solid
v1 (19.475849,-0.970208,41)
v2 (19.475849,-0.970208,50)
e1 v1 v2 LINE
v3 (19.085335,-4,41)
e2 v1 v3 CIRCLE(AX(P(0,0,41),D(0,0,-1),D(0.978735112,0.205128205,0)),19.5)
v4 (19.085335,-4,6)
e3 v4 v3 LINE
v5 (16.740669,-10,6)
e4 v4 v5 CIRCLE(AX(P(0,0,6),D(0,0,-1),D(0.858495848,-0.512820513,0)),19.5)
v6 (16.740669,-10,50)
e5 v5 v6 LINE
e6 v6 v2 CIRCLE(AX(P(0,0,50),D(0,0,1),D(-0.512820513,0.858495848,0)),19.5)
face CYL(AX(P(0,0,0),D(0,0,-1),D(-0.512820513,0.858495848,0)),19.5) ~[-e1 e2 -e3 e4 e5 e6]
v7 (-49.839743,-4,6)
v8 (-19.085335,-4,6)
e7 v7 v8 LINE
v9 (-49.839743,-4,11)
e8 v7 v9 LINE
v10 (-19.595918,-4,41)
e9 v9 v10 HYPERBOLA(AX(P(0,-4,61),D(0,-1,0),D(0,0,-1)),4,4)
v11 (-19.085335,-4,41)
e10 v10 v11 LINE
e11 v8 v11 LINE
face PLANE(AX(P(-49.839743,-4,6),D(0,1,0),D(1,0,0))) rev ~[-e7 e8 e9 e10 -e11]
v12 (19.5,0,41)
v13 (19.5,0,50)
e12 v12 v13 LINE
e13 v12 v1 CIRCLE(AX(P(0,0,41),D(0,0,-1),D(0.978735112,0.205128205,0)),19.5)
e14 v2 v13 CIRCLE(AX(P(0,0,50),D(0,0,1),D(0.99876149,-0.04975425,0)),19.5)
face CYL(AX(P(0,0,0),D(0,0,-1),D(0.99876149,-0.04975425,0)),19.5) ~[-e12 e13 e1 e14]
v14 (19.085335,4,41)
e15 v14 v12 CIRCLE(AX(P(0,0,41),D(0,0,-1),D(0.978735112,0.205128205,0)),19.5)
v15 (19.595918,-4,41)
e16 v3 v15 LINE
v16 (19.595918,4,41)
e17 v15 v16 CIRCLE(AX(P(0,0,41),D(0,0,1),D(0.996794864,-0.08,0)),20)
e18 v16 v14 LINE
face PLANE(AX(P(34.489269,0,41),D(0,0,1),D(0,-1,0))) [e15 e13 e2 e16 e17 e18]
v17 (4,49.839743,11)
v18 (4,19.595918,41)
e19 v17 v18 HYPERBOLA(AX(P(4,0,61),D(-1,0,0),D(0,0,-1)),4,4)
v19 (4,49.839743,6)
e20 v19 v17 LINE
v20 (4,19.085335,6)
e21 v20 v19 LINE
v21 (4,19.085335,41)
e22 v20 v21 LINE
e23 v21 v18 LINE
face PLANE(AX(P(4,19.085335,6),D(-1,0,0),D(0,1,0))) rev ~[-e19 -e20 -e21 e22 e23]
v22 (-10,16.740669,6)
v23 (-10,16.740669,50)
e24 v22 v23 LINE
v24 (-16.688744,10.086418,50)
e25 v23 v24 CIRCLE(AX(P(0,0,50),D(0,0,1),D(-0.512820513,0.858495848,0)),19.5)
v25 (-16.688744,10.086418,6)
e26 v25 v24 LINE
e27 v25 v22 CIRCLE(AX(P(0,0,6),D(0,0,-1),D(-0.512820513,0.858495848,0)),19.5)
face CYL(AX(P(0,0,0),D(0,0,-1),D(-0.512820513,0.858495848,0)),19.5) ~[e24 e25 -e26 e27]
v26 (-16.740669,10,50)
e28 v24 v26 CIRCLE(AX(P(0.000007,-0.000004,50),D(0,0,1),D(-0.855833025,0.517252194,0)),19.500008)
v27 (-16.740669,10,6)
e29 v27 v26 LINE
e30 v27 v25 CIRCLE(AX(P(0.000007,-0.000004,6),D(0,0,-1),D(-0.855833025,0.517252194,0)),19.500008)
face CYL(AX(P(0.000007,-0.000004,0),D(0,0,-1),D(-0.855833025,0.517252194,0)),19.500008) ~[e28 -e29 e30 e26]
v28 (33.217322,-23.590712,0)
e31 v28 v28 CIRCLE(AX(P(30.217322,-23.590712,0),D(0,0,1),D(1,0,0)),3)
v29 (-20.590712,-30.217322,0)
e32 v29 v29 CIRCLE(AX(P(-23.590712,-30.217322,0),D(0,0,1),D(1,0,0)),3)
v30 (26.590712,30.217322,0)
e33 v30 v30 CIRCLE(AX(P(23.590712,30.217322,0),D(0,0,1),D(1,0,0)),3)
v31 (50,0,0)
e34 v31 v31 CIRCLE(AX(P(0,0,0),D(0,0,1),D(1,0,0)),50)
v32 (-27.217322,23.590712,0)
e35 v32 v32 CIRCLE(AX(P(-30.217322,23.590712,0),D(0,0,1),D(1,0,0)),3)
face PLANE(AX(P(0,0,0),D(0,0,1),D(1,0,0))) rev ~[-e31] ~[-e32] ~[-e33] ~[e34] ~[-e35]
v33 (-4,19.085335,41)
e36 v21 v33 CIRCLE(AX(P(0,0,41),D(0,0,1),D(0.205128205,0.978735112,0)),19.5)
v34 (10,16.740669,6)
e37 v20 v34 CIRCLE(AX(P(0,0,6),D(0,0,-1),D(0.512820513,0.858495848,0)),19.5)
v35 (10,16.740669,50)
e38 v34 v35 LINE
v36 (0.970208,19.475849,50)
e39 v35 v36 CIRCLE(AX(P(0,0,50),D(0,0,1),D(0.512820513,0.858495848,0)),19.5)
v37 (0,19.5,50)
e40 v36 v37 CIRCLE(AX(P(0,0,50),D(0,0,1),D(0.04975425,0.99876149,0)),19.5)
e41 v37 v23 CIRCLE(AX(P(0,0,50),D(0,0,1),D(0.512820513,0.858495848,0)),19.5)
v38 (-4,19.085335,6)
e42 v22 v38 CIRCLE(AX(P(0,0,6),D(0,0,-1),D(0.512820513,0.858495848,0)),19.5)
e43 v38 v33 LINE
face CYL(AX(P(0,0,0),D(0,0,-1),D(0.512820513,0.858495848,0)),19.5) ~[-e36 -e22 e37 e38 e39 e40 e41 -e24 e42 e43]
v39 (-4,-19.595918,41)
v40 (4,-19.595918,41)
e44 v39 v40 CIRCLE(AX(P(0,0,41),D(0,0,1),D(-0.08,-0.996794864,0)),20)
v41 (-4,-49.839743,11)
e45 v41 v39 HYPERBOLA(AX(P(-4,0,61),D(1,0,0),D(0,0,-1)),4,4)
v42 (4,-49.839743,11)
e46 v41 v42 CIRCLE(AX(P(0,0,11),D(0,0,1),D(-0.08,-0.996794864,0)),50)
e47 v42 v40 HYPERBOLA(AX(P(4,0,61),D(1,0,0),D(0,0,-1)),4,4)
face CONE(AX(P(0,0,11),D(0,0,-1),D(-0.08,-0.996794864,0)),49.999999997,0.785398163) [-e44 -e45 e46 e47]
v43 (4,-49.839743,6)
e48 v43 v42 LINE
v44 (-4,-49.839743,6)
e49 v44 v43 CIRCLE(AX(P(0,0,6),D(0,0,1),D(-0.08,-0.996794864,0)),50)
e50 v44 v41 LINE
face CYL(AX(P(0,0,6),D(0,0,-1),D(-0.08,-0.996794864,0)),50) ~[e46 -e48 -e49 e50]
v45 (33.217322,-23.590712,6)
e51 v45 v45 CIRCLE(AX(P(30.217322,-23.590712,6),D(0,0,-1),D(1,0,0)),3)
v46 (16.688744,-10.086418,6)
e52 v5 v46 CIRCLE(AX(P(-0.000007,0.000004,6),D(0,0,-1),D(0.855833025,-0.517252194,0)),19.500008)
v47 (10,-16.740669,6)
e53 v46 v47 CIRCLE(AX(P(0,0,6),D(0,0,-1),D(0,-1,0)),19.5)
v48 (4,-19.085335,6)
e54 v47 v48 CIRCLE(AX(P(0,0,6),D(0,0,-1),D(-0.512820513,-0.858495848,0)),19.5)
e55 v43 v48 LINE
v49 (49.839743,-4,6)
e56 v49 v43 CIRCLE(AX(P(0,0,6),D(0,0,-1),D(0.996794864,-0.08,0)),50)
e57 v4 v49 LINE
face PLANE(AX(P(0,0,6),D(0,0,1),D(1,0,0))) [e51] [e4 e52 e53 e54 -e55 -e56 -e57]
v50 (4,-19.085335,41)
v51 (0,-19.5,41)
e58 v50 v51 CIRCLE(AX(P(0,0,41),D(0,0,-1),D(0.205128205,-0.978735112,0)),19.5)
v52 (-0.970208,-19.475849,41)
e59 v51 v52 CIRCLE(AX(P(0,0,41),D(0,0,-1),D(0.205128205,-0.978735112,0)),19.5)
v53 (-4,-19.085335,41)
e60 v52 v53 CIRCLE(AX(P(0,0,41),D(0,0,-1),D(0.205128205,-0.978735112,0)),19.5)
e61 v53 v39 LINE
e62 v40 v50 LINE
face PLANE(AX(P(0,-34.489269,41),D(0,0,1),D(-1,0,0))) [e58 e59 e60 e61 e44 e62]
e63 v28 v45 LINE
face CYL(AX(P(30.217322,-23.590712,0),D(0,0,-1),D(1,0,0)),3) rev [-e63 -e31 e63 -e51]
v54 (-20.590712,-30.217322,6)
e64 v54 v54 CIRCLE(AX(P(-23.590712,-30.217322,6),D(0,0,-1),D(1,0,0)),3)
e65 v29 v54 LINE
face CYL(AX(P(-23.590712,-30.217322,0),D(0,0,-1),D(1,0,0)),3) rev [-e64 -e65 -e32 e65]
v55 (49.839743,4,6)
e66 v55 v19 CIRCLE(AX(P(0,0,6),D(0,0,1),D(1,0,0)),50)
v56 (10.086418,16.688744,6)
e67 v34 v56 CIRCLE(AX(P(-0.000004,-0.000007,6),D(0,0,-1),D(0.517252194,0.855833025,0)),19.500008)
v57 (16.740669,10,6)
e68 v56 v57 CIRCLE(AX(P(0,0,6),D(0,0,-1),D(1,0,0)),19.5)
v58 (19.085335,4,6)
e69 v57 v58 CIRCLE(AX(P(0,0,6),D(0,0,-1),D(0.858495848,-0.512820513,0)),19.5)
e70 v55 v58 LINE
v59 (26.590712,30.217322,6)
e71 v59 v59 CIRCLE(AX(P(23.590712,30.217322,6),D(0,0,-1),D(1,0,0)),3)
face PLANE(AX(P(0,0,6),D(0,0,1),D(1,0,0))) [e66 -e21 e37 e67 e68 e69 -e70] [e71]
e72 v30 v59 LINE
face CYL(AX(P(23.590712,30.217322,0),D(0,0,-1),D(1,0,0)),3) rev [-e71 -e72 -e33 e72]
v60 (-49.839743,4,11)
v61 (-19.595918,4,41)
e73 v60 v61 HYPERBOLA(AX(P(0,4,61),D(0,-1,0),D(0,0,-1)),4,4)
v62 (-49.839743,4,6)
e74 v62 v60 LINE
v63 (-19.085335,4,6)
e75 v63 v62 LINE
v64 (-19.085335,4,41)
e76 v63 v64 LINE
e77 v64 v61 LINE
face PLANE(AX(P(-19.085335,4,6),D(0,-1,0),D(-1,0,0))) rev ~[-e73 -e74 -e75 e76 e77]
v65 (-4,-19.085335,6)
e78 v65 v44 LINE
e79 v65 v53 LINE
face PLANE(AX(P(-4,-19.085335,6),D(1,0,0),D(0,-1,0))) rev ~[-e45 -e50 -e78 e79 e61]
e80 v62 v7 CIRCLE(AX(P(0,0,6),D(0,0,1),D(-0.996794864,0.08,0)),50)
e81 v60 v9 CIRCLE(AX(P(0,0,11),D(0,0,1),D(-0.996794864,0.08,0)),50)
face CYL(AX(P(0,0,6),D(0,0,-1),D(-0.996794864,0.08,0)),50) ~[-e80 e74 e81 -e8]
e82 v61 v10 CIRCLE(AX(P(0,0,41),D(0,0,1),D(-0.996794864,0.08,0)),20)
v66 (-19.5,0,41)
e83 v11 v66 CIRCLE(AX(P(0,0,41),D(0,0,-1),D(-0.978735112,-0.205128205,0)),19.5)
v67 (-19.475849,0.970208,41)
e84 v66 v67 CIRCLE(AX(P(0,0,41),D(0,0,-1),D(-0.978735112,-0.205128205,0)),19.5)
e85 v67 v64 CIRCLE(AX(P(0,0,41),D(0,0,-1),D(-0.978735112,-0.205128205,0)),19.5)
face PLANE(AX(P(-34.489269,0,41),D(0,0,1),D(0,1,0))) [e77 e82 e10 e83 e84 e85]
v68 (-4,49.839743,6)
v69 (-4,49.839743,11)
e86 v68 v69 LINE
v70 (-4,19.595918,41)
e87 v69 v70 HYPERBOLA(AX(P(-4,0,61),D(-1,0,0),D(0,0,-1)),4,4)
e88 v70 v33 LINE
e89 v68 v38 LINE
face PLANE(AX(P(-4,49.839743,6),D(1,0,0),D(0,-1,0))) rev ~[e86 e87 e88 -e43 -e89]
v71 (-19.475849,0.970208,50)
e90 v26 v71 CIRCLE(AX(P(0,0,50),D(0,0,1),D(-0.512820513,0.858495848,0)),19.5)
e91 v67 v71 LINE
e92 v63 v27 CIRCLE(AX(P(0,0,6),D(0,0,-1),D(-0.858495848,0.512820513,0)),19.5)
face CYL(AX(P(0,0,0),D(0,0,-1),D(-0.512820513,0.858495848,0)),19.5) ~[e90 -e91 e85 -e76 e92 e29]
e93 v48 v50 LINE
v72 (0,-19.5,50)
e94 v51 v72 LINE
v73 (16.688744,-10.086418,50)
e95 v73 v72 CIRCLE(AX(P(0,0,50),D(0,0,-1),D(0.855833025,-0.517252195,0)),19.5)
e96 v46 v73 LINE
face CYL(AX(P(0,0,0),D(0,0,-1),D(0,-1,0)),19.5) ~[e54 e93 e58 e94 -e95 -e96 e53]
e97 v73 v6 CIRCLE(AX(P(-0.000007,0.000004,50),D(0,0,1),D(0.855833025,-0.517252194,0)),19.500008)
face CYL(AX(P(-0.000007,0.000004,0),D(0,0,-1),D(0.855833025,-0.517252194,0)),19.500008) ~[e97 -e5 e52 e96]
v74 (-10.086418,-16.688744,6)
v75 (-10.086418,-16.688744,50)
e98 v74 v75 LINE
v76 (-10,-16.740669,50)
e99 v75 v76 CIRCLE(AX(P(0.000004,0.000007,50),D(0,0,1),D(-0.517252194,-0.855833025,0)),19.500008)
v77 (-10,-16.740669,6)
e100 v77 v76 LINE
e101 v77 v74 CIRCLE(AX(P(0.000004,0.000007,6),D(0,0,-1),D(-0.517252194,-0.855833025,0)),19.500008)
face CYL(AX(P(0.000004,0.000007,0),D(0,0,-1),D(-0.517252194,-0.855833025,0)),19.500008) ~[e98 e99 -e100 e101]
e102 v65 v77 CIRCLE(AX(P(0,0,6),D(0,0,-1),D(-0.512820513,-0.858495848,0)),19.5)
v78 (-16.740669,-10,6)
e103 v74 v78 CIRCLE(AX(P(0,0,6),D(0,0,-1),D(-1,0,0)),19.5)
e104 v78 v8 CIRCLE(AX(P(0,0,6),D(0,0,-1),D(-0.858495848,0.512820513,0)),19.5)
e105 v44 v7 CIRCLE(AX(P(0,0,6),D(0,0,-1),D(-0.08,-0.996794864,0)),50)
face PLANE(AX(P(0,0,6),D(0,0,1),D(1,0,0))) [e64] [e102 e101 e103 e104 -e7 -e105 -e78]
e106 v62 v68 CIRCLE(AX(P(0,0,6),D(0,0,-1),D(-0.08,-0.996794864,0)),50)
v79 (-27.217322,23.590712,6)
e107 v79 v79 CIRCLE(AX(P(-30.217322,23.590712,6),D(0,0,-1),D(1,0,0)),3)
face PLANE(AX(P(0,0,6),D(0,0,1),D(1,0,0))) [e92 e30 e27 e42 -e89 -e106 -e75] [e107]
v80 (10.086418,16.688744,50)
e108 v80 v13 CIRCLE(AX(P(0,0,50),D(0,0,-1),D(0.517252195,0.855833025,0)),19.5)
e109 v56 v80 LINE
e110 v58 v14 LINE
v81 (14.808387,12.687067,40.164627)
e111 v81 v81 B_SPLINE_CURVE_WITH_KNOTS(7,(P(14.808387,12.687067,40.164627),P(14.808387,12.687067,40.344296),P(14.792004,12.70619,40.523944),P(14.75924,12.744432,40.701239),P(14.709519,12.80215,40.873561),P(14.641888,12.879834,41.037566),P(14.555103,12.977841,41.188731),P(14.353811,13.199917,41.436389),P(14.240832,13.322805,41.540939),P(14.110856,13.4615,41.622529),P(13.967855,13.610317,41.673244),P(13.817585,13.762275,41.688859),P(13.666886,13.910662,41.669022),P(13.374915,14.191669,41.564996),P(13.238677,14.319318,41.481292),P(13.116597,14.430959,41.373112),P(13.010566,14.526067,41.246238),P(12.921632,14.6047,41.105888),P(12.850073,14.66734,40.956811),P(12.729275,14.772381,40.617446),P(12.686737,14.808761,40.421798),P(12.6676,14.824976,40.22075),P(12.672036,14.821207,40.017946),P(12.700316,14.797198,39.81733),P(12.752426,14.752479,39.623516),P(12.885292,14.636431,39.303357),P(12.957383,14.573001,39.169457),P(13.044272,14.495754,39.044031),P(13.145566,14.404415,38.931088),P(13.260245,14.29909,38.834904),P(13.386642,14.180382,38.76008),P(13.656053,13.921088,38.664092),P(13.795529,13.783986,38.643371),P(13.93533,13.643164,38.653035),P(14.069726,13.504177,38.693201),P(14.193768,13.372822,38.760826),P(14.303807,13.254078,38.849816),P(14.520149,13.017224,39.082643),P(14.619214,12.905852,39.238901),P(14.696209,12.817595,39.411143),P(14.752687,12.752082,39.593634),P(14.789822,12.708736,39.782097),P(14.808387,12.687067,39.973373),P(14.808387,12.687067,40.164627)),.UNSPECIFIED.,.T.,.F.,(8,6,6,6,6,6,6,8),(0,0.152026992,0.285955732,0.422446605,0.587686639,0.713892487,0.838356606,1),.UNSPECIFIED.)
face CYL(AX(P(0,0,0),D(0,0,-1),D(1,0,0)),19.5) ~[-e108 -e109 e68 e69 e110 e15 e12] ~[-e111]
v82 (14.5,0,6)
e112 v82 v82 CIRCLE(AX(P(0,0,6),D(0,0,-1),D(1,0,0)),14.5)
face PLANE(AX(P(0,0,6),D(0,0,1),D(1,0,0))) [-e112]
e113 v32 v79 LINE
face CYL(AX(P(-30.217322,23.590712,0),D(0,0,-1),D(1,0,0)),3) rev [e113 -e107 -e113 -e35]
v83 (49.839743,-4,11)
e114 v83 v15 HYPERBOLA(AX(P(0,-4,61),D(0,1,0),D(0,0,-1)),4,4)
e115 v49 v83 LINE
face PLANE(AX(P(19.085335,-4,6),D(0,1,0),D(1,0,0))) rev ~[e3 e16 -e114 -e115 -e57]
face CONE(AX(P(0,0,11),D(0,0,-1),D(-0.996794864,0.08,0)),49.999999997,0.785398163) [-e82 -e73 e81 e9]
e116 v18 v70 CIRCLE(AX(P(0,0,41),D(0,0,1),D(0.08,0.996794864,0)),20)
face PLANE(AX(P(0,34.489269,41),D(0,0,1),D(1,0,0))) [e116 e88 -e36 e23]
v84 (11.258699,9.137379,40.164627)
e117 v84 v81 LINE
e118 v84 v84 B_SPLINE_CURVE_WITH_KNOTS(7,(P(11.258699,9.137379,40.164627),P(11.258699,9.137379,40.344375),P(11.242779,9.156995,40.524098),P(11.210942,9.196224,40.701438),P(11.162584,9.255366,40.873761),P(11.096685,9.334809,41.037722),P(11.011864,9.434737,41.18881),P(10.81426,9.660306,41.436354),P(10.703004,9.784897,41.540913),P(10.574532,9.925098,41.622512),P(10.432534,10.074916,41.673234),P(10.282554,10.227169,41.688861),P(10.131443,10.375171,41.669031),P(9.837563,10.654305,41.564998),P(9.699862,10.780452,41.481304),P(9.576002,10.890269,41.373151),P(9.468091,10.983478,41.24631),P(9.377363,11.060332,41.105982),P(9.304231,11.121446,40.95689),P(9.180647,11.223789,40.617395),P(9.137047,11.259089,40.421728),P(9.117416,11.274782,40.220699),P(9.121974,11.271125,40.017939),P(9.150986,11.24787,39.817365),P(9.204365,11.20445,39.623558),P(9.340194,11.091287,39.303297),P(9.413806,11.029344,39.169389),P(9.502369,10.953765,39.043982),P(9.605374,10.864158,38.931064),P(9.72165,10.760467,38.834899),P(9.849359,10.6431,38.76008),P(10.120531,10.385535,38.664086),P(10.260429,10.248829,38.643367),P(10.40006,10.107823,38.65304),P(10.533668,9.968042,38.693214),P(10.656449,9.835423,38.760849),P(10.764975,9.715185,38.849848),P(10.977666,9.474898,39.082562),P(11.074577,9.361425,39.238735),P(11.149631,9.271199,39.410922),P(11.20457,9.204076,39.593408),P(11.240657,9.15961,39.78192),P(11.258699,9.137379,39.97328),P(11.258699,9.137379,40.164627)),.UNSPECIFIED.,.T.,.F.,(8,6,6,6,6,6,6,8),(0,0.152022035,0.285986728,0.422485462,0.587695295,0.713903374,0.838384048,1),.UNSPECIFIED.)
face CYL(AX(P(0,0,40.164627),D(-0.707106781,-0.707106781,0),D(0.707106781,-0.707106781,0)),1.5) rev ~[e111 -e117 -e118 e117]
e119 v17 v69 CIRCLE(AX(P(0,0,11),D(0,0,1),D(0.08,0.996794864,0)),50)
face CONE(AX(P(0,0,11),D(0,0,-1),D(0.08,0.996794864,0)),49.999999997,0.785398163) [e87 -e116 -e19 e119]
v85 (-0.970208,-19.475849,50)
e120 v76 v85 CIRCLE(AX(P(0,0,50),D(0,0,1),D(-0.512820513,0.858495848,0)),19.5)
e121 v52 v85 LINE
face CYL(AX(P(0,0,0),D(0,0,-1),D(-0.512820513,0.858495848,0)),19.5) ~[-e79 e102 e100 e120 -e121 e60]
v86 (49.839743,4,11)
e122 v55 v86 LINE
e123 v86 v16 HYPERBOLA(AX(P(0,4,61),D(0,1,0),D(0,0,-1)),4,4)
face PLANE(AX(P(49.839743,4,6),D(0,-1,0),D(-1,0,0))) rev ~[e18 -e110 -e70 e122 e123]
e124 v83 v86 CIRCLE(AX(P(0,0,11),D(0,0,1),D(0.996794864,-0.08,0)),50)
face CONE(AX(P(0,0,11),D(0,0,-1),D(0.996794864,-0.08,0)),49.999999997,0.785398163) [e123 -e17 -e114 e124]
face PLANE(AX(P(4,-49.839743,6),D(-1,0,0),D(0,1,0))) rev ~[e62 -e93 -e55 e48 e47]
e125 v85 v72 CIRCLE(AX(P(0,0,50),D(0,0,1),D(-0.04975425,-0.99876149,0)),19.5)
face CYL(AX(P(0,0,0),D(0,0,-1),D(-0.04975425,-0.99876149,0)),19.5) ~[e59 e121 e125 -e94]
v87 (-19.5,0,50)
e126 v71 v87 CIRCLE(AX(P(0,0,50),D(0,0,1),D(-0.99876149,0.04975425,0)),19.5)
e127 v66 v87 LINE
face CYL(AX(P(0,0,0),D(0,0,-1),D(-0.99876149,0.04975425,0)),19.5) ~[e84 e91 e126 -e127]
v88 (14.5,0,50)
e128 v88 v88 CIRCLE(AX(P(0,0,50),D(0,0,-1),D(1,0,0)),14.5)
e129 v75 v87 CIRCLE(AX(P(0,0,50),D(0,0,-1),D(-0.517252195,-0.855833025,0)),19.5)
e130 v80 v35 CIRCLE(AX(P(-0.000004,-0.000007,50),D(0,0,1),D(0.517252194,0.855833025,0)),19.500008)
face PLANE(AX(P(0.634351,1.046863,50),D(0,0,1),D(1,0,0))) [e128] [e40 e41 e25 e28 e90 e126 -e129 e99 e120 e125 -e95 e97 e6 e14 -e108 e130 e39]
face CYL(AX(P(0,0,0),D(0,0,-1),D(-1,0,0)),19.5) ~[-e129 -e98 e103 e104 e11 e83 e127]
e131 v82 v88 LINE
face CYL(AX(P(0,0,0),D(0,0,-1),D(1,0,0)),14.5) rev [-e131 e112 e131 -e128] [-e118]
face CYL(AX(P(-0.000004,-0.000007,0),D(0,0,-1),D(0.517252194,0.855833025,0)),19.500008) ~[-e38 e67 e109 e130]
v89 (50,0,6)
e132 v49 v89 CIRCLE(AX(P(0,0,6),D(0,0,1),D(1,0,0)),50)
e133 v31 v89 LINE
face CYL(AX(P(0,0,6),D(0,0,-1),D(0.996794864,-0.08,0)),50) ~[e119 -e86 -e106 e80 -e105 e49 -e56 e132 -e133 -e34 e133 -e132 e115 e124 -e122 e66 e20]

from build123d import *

# Parameters (mm, degrees)
F0_R      = 14.5
F1_DEPTH  = 50
F2_DEPTH  = 2
F3_R      = 50
F3_R_2    = 3
F4_DEPTH  = 6
F6_DEPTH  = 35
F7_SIZE   = 30
F8_COUNT  = 4
F10_R     = 1.5
F11_DEPTH = 30


with BuildPart() as f1:
    # F0 (on Top) → F1 (new body)
    with BuildSketch(Plane.XY):
        with BuildLine():
            ThreePointArc((19.475849062, -0.970207871), (19.4939613305, -0.4852542068), (19.5, 0))
            ThreePointArc((19.5, 0), (16.9843331812, 9.5803145245), (10.0864178063, 16.6887439862))
            ThreePointArc((10.0864178063, 16.6887439862), (10.0432424607, 16.7147623637), (10, 16.7406690428))
            ThreePointArc((10, 16.7406690428), (0, 19.5), (-10, 16.7406690428))
            ThreePointArc((-10, 16.7406690428), (-10.0432424607, -16.7147623637), (19.475849062, -0.970207871))
        make_face()
        Circle(F0_R, mode=Mode.SUBTRACT)
    extrude(amount=F1_DEPTH)

    # F0 (on Top) → F2 (join)
    with BuildSketch(Plane.XY):
        Circle(F0_R)
    extrude(amount=F2_DEPTH)

    # F3 (on Top) → F4 (join)
    with BuildSketch(Plane.XY):
        Circle(F3_R)
        with Locations((-23.5907118767, -30.2173215896)):
            Circle(F3_R_2, mode=Mode.SUBTRACT)
        with Locations((30.2173215896, -23.5907118767)):
            Circle(F3_R_2, mode=Mode.SUBTRACT)
        with Locations((-30.2173215896, 23.5907118767)):
            Circle(F3_R_2, mode=Mode.SUBTRACT)
        with Locations((23.5907118767, 30.2173215896)):
            Circle(F3_R_2, mode=Mode.SUBTRACT)
    extrude(amount=F4_DEPTH)

    # F5 (on face) → F6 (join)
    with BuildSketch(Plane.XY.offset(6)):
        with BuildLine():
            Line((4, 19.085334684), (4, 49.8397431775))
            ThreePointArc((4, 49.8397431775), (0, 50), (-4, 49.8397431775))
            Line((-4, 49.8397431775), (-4, 19.085334684))
            ThreePointArc((-4, 19.085334684), (0, 19.5), (4, 19.085334684))
        make_face()
    extrude(amount=F6_DEPTH)

    # F7
    f7_edges = [f1.edges().sort_by_distance(p)[0] for p in [
        (0, 50, 41),
    ]]
    chamfer(f7_edges, length=F7_SIZE)

    # F8: F1 ×4 about axis
    f8_axis = Axis((0, 0, 0), (0, 0, -1))


with BuildPart() as f1_1:
    add(f1.part)
    for i in range(1, F8_COUNT):
        add(f1.part.rotate(f8_axis, i * 360 / F8_COUNT))

    # F10 (on face) → F11 (cut)
    with BuildSketch(Plane(origin=(0, 0, 0), x_dir=(0.7071067812, -0.7071067812, 0), z_dir=(-0.7071067812, -0.7071067812, 0))):
        with Locations((0, 40.1646271348)):
            Circle(F10_R)
    extrude(amount=-F11_DEPTH, mode=Mode.SUBTRACT)


solid = f1_1.part
